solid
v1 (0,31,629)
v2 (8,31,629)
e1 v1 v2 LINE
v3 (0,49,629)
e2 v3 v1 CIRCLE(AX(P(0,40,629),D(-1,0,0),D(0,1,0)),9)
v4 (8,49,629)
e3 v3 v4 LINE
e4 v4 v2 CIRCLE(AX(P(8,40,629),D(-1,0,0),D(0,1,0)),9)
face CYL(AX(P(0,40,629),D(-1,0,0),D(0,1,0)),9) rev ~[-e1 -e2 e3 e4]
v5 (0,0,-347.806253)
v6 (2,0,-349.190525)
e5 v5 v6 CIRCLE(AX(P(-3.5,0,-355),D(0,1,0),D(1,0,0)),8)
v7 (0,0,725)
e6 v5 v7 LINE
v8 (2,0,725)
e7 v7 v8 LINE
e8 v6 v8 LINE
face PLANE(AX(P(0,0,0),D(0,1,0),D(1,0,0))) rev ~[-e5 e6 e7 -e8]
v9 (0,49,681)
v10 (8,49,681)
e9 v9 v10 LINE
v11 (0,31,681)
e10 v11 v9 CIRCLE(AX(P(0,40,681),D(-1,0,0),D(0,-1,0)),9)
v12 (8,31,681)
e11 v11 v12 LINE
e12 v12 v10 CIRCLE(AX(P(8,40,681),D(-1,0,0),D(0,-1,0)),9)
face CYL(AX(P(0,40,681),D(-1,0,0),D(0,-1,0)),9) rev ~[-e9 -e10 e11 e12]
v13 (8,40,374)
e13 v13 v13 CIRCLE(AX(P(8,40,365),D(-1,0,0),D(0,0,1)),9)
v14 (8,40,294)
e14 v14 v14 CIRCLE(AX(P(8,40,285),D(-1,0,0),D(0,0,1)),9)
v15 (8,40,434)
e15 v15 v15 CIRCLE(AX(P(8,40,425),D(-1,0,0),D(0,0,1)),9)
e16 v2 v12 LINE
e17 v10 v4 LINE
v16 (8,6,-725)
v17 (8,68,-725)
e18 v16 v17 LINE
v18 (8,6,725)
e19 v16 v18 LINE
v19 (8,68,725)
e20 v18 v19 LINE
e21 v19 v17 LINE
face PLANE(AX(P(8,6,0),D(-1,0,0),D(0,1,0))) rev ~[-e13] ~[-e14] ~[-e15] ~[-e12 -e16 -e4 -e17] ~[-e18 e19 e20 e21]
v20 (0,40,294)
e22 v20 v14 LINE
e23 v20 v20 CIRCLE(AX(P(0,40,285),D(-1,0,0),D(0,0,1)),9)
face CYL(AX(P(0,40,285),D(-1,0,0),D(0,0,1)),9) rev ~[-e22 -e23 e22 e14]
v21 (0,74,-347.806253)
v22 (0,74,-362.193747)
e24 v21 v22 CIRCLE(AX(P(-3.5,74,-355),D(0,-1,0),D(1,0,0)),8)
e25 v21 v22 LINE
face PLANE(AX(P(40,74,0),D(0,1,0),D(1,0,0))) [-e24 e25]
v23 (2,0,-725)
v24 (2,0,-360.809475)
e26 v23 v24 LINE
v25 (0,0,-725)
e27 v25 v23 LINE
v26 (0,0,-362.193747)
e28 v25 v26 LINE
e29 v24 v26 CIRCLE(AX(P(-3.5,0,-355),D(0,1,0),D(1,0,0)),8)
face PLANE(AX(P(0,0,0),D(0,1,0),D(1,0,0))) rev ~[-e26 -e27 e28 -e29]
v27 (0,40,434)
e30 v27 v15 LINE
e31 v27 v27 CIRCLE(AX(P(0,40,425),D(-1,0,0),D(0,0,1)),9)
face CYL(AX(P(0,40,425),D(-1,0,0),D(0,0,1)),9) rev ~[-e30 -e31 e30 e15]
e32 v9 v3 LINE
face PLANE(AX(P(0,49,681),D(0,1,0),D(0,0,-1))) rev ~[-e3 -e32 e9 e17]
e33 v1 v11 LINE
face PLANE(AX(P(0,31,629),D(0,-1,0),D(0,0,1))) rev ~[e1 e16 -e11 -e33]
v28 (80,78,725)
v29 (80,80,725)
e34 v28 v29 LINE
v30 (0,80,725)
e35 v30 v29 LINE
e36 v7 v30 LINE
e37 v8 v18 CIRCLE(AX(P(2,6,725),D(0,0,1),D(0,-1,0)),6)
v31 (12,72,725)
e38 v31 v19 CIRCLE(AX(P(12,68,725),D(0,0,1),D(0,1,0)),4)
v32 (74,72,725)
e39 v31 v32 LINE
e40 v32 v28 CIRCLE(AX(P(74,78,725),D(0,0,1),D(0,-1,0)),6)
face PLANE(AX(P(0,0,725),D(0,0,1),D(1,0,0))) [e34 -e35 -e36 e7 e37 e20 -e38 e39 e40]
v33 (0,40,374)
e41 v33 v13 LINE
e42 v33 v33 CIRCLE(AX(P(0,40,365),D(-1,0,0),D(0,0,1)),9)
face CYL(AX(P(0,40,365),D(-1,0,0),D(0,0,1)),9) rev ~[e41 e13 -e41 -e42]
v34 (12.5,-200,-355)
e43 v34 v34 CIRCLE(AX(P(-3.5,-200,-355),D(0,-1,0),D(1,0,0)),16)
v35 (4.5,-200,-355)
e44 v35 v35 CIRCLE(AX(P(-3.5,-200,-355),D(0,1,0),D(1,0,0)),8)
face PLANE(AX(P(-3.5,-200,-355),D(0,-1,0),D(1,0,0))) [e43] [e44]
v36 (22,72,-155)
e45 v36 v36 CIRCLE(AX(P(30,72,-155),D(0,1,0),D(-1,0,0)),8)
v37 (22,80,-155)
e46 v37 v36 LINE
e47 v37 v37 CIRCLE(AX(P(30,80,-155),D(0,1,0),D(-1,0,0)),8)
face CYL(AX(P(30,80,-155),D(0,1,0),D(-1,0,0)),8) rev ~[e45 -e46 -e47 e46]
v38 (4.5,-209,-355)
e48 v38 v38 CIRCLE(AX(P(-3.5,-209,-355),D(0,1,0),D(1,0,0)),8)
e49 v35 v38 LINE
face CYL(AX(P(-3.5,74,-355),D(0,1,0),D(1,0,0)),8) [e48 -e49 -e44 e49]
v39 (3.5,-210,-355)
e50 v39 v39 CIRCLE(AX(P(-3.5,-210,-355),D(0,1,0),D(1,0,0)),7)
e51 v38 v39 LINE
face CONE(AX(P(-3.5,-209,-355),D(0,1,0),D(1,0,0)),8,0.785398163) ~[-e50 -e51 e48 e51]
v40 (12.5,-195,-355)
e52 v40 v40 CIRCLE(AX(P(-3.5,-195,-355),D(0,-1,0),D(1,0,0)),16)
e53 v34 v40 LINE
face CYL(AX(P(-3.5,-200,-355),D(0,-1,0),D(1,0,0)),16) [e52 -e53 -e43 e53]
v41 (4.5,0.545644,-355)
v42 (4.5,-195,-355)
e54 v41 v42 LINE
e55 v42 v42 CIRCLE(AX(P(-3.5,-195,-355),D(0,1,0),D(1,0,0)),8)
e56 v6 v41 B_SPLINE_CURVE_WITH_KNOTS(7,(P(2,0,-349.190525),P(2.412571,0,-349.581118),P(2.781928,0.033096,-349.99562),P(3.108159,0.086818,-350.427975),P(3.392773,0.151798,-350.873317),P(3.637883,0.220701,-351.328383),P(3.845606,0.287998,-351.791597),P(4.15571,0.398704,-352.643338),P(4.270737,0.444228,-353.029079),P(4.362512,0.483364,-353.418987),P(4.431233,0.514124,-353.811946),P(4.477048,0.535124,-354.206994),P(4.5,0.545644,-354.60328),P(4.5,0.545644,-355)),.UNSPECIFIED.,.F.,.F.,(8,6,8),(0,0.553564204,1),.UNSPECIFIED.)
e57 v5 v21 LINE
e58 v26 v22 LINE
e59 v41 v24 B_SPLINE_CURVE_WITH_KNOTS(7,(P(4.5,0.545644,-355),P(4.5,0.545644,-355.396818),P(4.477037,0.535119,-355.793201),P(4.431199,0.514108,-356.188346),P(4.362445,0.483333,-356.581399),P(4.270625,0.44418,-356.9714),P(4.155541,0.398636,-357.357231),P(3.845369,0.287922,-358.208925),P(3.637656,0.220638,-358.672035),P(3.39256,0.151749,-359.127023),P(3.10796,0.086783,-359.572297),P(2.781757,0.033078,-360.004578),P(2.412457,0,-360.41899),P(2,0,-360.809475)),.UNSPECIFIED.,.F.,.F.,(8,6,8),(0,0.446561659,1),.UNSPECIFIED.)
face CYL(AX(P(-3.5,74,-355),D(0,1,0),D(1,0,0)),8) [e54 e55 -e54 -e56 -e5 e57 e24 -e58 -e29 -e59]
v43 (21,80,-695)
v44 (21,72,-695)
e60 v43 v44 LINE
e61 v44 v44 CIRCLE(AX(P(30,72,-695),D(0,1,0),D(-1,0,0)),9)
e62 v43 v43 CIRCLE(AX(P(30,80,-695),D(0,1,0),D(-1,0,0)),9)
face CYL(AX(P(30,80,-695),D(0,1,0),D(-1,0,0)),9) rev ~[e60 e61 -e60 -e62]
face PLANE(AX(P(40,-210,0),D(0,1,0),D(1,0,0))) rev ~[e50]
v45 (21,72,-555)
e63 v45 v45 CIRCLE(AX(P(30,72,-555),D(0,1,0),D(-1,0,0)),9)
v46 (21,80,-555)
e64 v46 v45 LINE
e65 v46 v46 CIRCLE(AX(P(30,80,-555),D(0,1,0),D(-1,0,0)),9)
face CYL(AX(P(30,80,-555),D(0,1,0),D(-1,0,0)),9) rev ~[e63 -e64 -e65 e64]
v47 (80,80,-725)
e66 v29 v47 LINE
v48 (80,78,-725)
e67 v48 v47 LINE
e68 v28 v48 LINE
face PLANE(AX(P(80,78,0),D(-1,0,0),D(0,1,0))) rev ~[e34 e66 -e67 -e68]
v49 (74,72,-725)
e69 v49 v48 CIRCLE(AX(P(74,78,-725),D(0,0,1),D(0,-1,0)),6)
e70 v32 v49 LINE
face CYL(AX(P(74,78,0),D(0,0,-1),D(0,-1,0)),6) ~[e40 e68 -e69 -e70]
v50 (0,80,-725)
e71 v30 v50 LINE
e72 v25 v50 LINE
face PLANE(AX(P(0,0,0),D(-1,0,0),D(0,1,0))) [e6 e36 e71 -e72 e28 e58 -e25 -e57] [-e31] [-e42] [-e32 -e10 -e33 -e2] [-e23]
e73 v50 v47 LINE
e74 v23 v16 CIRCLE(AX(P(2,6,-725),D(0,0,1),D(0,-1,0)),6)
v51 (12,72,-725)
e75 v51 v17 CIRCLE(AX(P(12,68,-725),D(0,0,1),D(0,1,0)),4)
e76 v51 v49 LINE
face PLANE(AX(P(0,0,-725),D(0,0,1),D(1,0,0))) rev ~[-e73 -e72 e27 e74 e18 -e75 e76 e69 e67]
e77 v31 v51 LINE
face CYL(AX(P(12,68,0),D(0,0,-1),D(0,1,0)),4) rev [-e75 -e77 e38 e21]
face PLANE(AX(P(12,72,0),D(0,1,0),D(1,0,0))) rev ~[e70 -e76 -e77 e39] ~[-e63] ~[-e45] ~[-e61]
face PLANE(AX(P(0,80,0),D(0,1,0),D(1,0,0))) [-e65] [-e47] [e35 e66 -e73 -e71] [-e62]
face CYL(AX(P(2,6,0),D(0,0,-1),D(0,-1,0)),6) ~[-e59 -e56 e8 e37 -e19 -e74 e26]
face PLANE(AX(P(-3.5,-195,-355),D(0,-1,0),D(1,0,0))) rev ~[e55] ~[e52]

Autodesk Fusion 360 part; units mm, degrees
sketch "Sketch1" plane through (0, 0, 0) normal (0, 0, 1) x (1, 0, 0)
  line L0 (0, 0) -> (0, 80)
  line L1 (0, 80) -> (80, 80)
  line L2 (8, 6) -> (8, 68)
  line L3 (12, 72) -> (74, 72)
  line L4 (80, 78) -> (80, 80)
  line L5 (0, 0) -> (2, 0)
  arc A0 (74, 72) -> (80, 78) centre (74, 78) ccw
  arc A1 (2, 0) -> (8, 6) centre (2, 6) ccw
  arc A2 (12, 72) -> (8, 68) centre (12, 68) ccw
  dimension "d1" = 80
  dimension "d2" = 80
  dimension "d4" = 6
  dimension "d5" = 6
  dimension "d6" = 4
extrude "Extrude1" add sketch "Sketch1" along normal mid plane 1450
sketch "Sketch4" plane through (0, 0, 0) normal (-1, 0, 0) x (0, 0, 1)
  line L0 (-725, 0) -> (725, 0) construction
  line L1 (725, 0) -> (725, 80) construction
  line L2 (725, 80) -> (-725, 80) construction
  line L3 (-725, 80) -> (-725, 0) construction
  line L4 (-725, 0) -> (725, 0) construction
  line L5 (-725, 80) -> (725, 80) construction
  line L6 (-725, 0) -> (-725, 80) construction
  line L7 (725, 80) -> (725, 0) construction
  line L8 (0, 0) -> (0, 80) construction
  line L9 (-725, 40) -> (725, 40) construction
  line L10 (-725, 80) -> (-725, -420) construction
  line L11 (285, 80) -> (285, -420) construction
  line L12 (365, 80) -> (365, -420) construction
  line L13 (425, 80) -> (425, -420) construction
  line L14 (620, 80) -> (620, -420) construction
  line L15 (690, 80) -> (690, -420) construction
  line L16 (629, 31) -> (681, 31)
  arc A0 (681, 31) -> (681, 49) centre (681, 40) ccw
  line L17 (681, 49) -> (629, 49)
  arc A1 (629, 49) -> (629, 31) centre (629, 40) ccw
  line L18 (620, 40) -> (690, 40) construction
  circle A2 centre (285, 40) radius 9
  circle A3 centre (365, 40) radius 9
  circle A4 centre (425, 40) radius 9
  dimension "d16" = 1010
  dimension "d17" = 1090
  dimension "d18" = 1150
  dimension "d19" = 1345
  dimension "d20" = 1415
  dimension "d21" = 18
  dimension "d22" = 18
  dimension "d23" = 18
  dimension "d24" = 18
extrude "Extrude4" cut sketch "Sketch4" against normal through all
sketch "Sketch5" plane through (0, 80, 0) normal (0, 1, 0) x (-1, 0, 0)
  line L0 (0, -725) -> (0, 725) construction
  line L1 (0, 725) -> (-80, 725)
  line L2 (-80, 725) -> (-80, -725) construction
  line L3 (-80, -725) -> (0, -725) construction
  line L4 (-80, -725) -> (-80, 725) construction
  line L5 (0, -725) -> (-80, -725) construction
  line L6 (0, -725) -> (0, 725) construction
  line L7 (-30, -725) -> (-30, 725) construction
  line L8 (-80, -725) -> (384.3429, -725) construction
  line L9 (-80, -695) -> (384.3429, -695) construction
  line L10 (-80, -555) -> (384.3429, -555) construction
  line L11 (-80, -155) -> (384.3429, -155) construction
  circle A0 centre (-30, -695) radius 9
  circle A1 centre (-30, -555) radius 9
  circle A2 centre (-30, -155) radius 8
  dimension "d26" = 30
  dimension "d27" = 30
  dimension "d28" = 170
  dimension "d29" = 570
  dimension "d30" = 18
  dimension "d31" = 18
  dimension "d32" = 16
extrude "Extrude5" cut sketch "Sketch5" against normal through all
ref_plane "WorkPlane1" through (40, 74, 0) normal (0, 1, 0) x (-1, 0, 0)
sketch "Sketch6" plane through (40, 74, 0) normal (0, 1, 0) x (1, 0, 0)
  line L0 (-40, 725) -> (-40, -725) construction
  line L1 (-40, 725) -> (40, 725) construction
  line L2 (40, 725) -> (40, -725) construction
  line L3 (40, 725) -> (-288.3779, 725)
  line L4 (40, 355) -> (-288.3779, 355)
  line L5 (-43.5, 725) -> (-43.5, -725) construction
  circle A0 centre (-43.5, 355) radius 8
  dimension "d35" = 370
  dimension "d36" = 3.5
  dimension "d37" = 16
extrude "Extrude6" add sketch "Sketch6" against normal blind 284
ref_plane "WorkPlane2" through (-3.5, -200, -355) normal (0, -1, 0) x (-1, 0, 0)
sketch "Sketch7" plane through (-3.5, -200, -355) normal (0, -1, 0) x (1, 0, 0)
  circle A0 centre (0, 0) radius 16
  dimension "d41" = 32
extrude "Extrude7" add sketch "Sketch7" against normal blind 5
chamfer "Chamfer1" distance 1 angle 45 1 edges at (-10.9586, -210, -357.8929)
